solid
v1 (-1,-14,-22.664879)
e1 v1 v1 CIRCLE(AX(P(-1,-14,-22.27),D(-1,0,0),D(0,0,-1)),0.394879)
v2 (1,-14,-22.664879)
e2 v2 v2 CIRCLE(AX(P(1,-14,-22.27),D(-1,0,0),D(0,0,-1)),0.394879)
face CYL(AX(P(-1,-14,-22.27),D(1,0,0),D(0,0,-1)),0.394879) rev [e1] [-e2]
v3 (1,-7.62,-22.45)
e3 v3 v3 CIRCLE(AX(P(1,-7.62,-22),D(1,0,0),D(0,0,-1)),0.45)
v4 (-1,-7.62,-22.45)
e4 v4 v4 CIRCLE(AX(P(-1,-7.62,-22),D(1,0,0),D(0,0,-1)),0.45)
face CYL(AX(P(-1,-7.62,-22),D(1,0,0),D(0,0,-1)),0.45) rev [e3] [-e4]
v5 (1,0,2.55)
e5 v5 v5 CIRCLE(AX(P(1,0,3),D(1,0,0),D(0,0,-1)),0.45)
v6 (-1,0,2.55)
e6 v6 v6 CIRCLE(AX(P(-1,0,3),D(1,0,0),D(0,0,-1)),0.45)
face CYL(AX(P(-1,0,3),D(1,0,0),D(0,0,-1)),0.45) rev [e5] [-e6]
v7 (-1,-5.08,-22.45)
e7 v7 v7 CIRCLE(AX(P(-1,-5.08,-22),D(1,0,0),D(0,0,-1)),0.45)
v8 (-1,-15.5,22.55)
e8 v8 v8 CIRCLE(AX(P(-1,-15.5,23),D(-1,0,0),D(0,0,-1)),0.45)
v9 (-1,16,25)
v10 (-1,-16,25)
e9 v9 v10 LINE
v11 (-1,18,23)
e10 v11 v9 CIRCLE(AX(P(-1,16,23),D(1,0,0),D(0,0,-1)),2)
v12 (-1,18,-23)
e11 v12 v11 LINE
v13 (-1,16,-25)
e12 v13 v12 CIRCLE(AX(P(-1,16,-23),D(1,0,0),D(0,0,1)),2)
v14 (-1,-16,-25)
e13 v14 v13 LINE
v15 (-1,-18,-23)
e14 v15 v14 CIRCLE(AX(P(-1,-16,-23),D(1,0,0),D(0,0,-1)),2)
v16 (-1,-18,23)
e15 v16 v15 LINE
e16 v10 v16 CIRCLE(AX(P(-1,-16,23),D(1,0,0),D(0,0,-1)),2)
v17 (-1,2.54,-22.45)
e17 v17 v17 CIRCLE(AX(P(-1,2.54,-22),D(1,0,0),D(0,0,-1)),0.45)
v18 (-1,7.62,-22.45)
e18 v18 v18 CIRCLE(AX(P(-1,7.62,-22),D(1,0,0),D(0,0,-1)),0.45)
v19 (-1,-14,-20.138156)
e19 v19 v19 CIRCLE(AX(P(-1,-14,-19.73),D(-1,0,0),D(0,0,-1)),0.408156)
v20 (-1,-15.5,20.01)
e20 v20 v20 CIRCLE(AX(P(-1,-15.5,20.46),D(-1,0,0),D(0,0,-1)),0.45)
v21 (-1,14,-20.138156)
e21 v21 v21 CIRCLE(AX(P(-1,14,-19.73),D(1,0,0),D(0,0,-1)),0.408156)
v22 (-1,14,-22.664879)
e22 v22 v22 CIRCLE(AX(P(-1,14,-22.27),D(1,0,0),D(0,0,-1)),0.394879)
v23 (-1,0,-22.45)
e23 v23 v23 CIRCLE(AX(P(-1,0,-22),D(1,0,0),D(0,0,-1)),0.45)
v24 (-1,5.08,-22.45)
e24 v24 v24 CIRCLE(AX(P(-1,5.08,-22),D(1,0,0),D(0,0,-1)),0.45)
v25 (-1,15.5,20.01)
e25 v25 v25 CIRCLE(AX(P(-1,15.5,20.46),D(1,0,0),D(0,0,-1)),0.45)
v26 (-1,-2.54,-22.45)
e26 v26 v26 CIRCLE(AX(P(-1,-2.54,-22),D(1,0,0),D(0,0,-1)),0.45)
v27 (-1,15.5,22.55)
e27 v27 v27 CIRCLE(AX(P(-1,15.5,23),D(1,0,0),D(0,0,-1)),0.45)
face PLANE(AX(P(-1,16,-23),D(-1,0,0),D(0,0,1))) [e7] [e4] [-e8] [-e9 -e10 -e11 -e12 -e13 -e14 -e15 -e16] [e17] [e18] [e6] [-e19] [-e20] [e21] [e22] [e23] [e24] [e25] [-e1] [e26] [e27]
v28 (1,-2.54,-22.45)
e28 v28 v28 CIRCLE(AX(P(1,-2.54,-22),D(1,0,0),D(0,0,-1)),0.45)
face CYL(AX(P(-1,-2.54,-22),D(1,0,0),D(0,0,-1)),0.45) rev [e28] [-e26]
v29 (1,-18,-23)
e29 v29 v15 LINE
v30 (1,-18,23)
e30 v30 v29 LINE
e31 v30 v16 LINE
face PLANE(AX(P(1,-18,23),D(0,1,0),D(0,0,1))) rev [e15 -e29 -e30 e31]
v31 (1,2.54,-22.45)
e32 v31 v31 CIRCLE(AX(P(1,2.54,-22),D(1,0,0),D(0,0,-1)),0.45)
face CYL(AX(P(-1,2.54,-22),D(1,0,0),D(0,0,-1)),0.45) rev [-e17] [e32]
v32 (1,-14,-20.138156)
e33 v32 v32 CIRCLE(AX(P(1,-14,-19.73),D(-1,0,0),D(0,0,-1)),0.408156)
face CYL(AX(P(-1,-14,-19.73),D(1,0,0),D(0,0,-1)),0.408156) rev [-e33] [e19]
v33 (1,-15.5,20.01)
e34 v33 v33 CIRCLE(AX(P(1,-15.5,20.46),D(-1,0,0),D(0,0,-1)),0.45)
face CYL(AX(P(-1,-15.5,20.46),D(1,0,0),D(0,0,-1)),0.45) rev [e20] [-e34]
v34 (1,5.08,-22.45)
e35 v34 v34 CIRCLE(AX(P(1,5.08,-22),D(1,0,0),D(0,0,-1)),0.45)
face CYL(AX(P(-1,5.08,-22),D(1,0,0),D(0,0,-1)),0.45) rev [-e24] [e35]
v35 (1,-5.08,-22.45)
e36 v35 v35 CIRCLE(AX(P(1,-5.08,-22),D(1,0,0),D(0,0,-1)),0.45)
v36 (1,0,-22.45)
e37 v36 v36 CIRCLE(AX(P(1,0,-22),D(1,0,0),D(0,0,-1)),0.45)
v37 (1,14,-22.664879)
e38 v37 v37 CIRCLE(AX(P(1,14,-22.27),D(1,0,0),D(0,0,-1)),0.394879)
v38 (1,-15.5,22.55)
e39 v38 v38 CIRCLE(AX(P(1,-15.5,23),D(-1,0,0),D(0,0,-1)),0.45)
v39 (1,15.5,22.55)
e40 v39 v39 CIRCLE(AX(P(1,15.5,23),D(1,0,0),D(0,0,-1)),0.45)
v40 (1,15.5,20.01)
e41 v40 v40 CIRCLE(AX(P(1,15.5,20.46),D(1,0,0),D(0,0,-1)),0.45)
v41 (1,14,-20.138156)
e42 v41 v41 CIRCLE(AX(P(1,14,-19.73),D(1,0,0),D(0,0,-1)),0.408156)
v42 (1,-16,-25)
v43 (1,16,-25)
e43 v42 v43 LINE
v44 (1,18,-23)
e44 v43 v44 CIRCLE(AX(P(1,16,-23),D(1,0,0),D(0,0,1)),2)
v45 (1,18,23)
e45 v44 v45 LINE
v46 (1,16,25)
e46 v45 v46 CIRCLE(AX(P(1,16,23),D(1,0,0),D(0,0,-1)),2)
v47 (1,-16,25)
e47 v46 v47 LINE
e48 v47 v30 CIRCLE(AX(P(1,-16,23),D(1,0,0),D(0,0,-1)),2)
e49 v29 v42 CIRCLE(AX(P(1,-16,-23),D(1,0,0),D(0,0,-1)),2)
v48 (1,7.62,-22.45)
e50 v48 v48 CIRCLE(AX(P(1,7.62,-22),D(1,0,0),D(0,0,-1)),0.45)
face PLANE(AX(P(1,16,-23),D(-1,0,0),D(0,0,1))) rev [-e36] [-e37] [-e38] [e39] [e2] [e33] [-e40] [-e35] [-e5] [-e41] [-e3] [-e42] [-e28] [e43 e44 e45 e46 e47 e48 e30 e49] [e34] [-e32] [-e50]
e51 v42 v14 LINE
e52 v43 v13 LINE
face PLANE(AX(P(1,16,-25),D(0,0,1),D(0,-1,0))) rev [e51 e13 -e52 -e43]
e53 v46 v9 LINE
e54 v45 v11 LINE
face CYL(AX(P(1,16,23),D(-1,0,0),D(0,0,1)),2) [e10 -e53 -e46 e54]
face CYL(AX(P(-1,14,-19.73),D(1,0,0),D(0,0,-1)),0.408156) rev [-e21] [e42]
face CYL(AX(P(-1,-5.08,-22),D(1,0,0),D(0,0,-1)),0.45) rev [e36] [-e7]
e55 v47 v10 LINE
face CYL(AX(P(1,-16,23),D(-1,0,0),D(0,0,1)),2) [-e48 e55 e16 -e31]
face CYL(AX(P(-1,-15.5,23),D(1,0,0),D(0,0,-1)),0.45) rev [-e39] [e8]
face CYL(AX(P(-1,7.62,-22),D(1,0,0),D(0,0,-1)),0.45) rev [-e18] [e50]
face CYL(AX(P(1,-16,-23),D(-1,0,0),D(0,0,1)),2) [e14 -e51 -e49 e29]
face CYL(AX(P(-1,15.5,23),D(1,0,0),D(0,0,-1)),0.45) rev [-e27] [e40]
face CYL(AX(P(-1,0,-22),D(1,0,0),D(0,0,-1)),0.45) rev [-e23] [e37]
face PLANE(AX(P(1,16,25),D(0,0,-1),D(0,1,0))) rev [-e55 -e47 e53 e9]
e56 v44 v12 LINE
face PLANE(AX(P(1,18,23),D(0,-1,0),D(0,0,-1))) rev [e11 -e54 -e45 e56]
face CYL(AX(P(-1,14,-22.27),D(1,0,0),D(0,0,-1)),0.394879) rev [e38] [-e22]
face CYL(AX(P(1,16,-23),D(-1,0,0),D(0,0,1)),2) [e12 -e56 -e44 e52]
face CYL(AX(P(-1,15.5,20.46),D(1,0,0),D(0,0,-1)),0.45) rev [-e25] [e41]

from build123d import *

# Parameters (mm, degrees)
EXTRUDE_1_DEPTH        = 1
SKETCH_2_R             = 0.45
CUT_EXTRUDE_1_DEPTH    = 2
SKETCH_3_R             = 0.45
CUT_EXTRUDE_2_DEPTH    = 2
PATTERN_LINEAR_1_COUNT = 7
PATTERN_LINEAR_1_PITCH = 2.54
SKETCH_4_R             = 0.45
CUT_EXTRUDE_3_DEPTH    = 2
SKETCH_5_R             = 0.39487869
SKETCH_5_R_2           = 0.408155613
CUT_EXTRUDE_4_DEPTH    = 2


with BuildPart() as part:
    # 草图1 → 凸台-拉伸1 (new, symmetric)
    with BuildSketch(Plane(origin=(0, 0, 0), x_dir=(0, 0, -1), z_dir=(1, 0, 0))):
        with BuildLine():
            Line((-23, 18), (23, 18))
            ThreePointArc((23, 18), (24.414213562, 17.414213562), (25, 16))
            Line((25, 16), (25, -16))
            ThreePointArc((25, -16), (24.414213562, -17.414213562), (23, -18))
            Line((23, -18), (-23, -18))
            ThreePointArc((-23, -18), (-24.414213562, -17.414213562), (-25, -16))
            Line((-25, -16), (-25, 16))
            ThreePointArc((-25, 16), (-24.414213562, 17.414213562), (-23, 18))
        make_face()
    extrude(amount=EXTRUDE_1_DEPTH, both=True)

    # 草图2 → 切除-拉伸1 (cut)
    with BuildSketch(Plane(origin=(1, 0, 0), x_dir=(0, 0, -1), z_dir=(1, 0, 0))):
        with Locations((-23, 15.5)):
            Circle(SKETCH_2_R)
        with Locations((-20.46, 15.5)):
            Circle(SKETCH_2_R)
    cut_extrude_1 = extrude(amount=-CUT_EXTRUDE_1_DEPTH, mode=Mode.SUBTRACT)

    # 镜向1: 切除-拉伸1 across plane
    add(cut_extrude_1.mirror(Plane.ZX), mode=Mode.SUBTRACT)

    # 草图3 → 切除-拉伸2 (cut)
    with BuildSketch(Plane(origin=(1, 0, 0), x_dir=(0, 0, -1), z_dir=(1, 0, 0))):
        with Locations((22, 7.62)):
            Circle(SKETCH_3_R)
    cut_extrude_2 = extrude(amount=-CUT_EXTRUDE_2_DEPTH, mode=Mode.SUBTRACT)

    # 阵列(线性)1: 切除-拉伸2 ×7
    with Locations(*[(0, -i * PATTERN_LINEAR_1_PITCH, 0) for i in range(1, PATTERN_LINEAR_1_COUNT)]):
        add(cut_extrude_2, mode=Mode.SUBTRACT)

    # 草图4 → 切除-拉伸3 (cut)
    with BuildSketch(Plane(origin=(1, 0, 0), x_dir=(0, 0, -1), z_dir=(1, 0, 0))):
        with Locations((-3, 0)):
            Circle(SKETCH_4_R)
    extrude(amount=-CUT_EXTRUDE_3_DEPTH, mode=Mode.SUBTRACT)

    # 草图5 → 切除-拉伸4 (cut)
    with BuildSketch(Plane(origin=(1, 0, 0), x_dir=(0, 0, -1), z_dir=(1, 0, 0))):
        with Locations((22.27, 14)):
            Circle(SKETCH_5_R)
        with Locations((19.73, 14)):
            Circle(SKETCH_5_R_2)
    cut_extrude_4 = extrude(amount=-CUT_EXTRUDE_4_DEPTH, mode=Mode.SUBTRACT)

    # 镜向2: 切除-拉伸4 across plane
    add(cut_extrude_4.mirror(Plane.ZX), mode=Mode.SUBTRACT)


solid = part.part
